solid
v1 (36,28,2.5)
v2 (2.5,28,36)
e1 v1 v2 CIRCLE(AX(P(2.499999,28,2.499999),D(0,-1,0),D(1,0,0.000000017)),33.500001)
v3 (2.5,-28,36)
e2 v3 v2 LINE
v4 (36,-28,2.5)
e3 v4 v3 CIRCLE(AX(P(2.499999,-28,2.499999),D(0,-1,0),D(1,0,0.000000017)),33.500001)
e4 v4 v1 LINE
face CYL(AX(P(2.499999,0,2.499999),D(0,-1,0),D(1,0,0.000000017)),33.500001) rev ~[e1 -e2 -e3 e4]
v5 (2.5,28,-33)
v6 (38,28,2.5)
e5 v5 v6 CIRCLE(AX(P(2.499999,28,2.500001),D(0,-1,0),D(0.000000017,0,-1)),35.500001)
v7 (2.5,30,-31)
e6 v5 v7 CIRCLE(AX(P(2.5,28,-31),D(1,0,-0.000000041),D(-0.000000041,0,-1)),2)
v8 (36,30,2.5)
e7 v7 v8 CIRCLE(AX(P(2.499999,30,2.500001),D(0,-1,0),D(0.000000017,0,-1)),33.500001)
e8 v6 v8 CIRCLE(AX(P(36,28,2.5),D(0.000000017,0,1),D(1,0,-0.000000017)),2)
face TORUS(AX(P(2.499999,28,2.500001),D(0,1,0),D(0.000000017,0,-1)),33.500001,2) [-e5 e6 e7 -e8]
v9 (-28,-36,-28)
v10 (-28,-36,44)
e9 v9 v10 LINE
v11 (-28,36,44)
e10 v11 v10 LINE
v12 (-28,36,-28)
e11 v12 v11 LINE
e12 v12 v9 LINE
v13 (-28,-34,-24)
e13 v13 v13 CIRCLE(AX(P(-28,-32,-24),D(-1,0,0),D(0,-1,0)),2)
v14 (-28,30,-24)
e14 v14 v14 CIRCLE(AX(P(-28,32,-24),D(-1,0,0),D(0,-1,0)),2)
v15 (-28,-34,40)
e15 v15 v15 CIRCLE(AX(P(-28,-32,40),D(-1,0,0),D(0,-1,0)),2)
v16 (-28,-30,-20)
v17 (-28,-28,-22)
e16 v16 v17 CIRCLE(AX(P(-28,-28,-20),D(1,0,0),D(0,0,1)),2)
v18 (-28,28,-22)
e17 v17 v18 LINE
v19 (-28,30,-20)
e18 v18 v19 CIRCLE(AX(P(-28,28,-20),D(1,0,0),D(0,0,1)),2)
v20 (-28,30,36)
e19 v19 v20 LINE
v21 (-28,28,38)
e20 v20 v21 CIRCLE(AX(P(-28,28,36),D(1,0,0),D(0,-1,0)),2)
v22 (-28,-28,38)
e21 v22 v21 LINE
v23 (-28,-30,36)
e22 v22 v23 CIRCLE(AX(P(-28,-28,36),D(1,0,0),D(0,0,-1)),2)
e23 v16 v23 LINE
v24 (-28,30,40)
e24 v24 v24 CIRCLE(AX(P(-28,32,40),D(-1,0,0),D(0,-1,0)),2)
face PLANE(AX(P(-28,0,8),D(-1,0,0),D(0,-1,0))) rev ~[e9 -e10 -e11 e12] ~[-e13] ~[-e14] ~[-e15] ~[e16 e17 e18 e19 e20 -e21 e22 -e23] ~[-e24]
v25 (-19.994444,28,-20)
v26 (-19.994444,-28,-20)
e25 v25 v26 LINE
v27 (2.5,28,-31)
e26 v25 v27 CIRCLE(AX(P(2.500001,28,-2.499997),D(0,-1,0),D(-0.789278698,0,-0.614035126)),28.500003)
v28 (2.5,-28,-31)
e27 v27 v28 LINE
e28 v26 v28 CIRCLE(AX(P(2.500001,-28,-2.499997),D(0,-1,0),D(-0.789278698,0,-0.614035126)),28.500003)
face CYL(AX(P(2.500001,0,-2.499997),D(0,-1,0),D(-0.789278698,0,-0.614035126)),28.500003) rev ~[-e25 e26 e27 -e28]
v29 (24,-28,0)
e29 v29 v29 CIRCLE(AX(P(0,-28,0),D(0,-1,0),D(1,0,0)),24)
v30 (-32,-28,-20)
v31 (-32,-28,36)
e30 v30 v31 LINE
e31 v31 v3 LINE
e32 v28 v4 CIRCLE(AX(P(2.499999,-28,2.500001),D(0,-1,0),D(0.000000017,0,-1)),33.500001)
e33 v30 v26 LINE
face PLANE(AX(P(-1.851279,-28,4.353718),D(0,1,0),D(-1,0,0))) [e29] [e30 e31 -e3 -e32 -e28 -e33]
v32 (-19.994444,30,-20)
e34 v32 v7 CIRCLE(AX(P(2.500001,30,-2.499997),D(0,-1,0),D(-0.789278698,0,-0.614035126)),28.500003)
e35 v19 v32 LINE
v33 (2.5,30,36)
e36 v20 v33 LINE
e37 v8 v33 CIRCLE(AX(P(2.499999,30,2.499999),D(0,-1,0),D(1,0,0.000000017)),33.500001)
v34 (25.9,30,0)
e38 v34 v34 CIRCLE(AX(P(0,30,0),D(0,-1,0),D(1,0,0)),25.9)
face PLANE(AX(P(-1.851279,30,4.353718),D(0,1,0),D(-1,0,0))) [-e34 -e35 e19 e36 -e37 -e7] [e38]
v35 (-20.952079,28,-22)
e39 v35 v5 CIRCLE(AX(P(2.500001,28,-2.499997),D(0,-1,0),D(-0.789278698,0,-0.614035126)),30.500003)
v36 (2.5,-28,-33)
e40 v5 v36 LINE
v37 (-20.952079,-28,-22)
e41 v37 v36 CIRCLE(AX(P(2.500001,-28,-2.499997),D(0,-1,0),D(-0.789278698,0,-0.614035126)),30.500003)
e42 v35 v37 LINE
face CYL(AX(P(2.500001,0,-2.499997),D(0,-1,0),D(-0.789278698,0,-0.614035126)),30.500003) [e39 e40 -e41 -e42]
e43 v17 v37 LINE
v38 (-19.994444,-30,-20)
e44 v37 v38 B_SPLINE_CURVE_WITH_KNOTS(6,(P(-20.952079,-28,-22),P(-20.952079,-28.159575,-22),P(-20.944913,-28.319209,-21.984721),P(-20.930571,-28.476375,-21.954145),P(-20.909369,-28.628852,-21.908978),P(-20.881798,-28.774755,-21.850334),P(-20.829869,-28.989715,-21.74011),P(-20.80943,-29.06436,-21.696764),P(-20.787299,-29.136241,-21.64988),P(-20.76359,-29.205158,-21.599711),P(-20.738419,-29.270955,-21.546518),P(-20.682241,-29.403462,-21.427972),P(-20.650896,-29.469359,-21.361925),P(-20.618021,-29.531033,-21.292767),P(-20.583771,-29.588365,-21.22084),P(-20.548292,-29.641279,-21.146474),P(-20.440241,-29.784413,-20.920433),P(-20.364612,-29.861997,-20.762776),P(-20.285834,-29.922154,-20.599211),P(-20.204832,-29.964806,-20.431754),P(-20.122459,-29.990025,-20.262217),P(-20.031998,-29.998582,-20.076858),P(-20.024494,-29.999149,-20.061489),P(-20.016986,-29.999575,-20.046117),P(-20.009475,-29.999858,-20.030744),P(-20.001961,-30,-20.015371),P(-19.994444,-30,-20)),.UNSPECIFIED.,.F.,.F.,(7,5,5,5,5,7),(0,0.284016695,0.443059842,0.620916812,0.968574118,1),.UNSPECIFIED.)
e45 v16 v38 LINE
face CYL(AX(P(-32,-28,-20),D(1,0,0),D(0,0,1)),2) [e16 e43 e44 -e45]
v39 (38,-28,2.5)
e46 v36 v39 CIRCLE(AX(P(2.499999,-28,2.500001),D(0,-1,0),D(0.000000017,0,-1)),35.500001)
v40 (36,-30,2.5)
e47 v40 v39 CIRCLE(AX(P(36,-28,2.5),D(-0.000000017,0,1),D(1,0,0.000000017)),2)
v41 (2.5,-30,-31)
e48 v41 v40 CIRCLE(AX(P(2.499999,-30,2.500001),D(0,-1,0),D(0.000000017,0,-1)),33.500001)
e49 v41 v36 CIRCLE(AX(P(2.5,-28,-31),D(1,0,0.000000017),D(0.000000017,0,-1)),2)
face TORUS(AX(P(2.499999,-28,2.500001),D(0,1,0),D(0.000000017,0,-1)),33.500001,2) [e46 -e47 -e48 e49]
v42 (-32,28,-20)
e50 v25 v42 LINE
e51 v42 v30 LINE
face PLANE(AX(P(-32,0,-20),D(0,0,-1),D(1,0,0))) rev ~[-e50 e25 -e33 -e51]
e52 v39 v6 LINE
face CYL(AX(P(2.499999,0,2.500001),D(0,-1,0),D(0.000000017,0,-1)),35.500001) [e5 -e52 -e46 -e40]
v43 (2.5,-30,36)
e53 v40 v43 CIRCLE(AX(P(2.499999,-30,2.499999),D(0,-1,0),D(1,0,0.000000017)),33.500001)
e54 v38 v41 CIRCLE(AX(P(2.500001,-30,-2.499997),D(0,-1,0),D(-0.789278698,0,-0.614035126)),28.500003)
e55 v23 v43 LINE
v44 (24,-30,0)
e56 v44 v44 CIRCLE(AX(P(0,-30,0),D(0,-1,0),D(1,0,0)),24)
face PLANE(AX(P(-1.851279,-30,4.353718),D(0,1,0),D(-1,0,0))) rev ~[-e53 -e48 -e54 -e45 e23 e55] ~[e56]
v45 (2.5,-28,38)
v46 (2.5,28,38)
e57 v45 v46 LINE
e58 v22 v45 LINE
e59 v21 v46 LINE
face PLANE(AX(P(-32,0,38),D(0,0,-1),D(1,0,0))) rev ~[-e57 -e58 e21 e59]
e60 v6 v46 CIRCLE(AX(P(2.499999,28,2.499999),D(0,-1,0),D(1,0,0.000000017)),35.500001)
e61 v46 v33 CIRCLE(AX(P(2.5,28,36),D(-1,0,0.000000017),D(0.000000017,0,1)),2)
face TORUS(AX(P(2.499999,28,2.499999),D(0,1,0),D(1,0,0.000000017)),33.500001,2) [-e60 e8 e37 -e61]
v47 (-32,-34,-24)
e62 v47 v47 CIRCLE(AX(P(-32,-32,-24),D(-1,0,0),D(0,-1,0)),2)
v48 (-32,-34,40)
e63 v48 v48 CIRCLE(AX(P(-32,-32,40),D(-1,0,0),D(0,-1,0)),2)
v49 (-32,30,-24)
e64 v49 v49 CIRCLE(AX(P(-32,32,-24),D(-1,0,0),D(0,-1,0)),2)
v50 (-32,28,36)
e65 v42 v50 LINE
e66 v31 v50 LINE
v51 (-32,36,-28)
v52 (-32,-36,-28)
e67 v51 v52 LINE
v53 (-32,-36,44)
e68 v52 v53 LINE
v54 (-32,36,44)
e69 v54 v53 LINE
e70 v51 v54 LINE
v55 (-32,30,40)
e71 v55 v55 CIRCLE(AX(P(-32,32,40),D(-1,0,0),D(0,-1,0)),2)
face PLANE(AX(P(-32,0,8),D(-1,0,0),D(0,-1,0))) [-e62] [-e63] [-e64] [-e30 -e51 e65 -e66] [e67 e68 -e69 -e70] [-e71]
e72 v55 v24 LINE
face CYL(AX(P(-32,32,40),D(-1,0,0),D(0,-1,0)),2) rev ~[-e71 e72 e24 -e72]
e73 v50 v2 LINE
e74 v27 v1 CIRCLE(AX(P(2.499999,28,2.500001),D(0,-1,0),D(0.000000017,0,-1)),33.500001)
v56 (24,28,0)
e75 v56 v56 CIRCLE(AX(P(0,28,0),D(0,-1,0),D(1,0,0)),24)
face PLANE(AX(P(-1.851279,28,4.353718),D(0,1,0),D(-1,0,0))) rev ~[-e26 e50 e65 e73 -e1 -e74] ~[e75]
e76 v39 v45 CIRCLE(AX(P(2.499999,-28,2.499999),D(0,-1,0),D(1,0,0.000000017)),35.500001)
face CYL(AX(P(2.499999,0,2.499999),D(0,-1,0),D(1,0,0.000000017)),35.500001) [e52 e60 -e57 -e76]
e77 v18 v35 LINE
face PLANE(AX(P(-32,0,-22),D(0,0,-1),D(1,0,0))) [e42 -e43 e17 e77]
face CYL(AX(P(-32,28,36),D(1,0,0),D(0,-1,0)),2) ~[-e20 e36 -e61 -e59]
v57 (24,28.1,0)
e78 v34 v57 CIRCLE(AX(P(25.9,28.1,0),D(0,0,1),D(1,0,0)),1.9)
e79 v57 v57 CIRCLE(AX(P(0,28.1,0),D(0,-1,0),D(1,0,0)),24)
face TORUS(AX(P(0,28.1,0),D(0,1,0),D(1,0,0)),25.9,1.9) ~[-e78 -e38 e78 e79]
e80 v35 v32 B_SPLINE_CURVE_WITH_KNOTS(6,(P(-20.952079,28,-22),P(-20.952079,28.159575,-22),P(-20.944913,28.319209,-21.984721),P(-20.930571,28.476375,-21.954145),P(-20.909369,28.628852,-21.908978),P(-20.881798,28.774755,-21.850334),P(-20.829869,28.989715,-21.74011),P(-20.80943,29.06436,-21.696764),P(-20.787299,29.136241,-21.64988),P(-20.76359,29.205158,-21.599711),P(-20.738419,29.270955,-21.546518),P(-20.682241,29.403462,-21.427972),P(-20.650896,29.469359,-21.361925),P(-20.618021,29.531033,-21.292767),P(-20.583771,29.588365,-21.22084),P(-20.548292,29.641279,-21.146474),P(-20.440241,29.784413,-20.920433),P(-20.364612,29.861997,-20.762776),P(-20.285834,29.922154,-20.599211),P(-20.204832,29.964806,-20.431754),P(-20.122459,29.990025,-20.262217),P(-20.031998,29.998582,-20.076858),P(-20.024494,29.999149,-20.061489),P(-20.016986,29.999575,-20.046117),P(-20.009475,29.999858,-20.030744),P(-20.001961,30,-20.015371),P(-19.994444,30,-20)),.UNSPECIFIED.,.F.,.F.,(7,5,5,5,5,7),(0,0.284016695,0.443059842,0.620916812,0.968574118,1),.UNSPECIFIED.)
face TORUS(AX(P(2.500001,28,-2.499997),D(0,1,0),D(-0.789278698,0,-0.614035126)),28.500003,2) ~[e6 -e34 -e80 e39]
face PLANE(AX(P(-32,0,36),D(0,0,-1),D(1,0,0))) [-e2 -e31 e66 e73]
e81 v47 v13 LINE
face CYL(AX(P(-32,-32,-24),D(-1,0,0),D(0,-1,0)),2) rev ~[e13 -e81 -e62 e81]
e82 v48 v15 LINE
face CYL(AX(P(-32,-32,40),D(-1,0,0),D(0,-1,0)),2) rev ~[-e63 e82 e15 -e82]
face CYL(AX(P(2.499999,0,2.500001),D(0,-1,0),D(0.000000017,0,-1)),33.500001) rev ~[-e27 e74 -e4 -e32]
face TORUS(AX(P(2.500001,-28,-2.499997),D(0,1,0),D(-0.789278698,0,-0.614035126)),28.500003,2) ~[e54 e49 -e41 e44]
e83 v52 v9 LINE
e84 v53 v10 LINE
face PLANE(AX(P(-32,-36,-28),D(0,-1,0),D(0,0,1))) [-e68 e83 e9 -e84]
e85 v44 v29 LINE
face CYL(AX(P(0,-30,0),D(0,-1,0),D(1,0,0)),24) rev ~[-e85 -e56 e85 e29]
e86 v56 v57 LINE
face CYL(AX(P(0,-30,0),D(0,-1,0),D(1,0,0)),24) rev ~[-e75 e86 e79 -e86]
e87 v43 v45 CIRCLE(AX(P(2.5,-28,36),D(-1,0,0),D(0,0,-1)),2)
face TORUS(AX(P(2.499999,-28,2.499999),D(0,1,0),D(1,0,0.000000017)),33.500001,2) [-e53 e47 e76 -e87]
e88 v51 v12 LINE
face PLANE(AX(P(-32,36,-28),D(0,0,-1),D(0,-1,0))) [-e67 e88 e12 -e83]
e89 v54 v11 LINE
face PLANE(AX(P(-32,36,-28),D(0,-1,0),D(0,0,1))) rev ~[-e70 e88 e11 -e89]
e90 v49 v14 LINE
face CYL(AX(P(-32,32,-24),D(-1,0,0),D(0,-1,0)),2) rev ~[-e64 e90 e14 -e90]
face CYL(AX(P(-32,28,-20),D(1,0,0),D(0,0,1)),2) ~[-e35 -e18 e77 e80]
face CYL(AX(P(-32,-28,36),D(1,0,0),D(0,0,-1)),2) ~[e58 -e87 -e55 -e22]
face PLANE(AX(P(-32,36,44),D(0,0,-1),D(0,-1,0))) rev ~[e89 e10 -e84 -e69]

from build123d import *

# Parameters (mm, degrees)
PAD_DEPTH       = 28
THICKNESS_T     = 2
SKETCH001_R     = 24
POCKET_DEPTH    = 60.001
FILLET_R        = 1.9
SKETCH002_W     = 72
SKETCH002_H     = 72
SKETCH002_W_2   = 56
SKETCH002_H_2   = 56
PAD001_DEPTH    = 4
SKETCH003_R     = 2
POCKET001_DEPTH = 5


with BuildPart() as part:
    # Sketch → Pad (new body, symmetric)
    with BuildSketch(Plane.XZ):
        with BuildLine():
            Line((-32, -20), (-32, 36))
            Line((-32, 36), (2.5, 36))
            ThreePointArc((36, 2.5), (26.188077, 26.188077), (2.5, 36))
            ThreePointArc((2.5, -31), (26.188077, -21.188077), (36, 2.5))
            ThreePointArc((-19.994444, -20), (-10.019984, -28.102734), (2.5, -31))
            Line((-32, -20), (-19.994444, -20))
        make_face()
    extrude(amount=PAD_DEPTH, both=True)

    # Thickness
    thickness_openings = [part.faces().sort_by_distance(p)[0] for p in [
        (-32, 0, 8),
    ]]
    offset(amount=THICKNESS_T, openings=thickness_openings)

    # Sketch001 (on Face16 of Thickness) → Pocket (cut, through all)
    with BuildSketch(Plane.XZ.offset(30)):
        Circle(SKETCH001_R)
    extrude(amount=-POCKET_DEPTH, mode=Mode.SUBTRACT)

    # Fillet
    fillet_edges = [part.edges().sort_by_distance(p)[0] for p in [
        (-24, 30, 0),
    ]]
    fillet(fillet_edges, radius=FILLET_R)

    # Sketch002 (on Face3 of Fillet) → Pad001 (join)
    with BuildSketch(Plane(origin=(-32, 0, 0), x_dir=(0, -1, 0), z_dir=(-1, 0, 0))):
        with Locations((0, 8)):
            Rectangle(SKETCH002_W, SKETCH002_H)
        with Locations((0, 8)):
            Rectangle(SKETCH002_W_2, SKETCH002_H_2, mode=Mode.SUBTRACT)
    extrude(amount=-PAD001_DEPTH)

    # Sketch003 (on Face25 of Pad001) → Pocket001 (cut)
    with BuildSketch(Plane(origin=(-32, 0, 0), x_dir=(0, -1, 0), z_dir=(-1, 0, 0))):
        with Locations((-32, 40)):
            Circle(SKETCH003_R)
        with Locations((32, 40)):
            Circle(SKETCH003_R)
        with Locations((32, -24)):
            Circle(SKETCH003_R)
        with Locations((-32, -24)):
            Circle(SKETCH003_R)
    extrude(amount=-POCKET001_DEPTH, mode=Mode.SUBTRACT)


solid = part.part
